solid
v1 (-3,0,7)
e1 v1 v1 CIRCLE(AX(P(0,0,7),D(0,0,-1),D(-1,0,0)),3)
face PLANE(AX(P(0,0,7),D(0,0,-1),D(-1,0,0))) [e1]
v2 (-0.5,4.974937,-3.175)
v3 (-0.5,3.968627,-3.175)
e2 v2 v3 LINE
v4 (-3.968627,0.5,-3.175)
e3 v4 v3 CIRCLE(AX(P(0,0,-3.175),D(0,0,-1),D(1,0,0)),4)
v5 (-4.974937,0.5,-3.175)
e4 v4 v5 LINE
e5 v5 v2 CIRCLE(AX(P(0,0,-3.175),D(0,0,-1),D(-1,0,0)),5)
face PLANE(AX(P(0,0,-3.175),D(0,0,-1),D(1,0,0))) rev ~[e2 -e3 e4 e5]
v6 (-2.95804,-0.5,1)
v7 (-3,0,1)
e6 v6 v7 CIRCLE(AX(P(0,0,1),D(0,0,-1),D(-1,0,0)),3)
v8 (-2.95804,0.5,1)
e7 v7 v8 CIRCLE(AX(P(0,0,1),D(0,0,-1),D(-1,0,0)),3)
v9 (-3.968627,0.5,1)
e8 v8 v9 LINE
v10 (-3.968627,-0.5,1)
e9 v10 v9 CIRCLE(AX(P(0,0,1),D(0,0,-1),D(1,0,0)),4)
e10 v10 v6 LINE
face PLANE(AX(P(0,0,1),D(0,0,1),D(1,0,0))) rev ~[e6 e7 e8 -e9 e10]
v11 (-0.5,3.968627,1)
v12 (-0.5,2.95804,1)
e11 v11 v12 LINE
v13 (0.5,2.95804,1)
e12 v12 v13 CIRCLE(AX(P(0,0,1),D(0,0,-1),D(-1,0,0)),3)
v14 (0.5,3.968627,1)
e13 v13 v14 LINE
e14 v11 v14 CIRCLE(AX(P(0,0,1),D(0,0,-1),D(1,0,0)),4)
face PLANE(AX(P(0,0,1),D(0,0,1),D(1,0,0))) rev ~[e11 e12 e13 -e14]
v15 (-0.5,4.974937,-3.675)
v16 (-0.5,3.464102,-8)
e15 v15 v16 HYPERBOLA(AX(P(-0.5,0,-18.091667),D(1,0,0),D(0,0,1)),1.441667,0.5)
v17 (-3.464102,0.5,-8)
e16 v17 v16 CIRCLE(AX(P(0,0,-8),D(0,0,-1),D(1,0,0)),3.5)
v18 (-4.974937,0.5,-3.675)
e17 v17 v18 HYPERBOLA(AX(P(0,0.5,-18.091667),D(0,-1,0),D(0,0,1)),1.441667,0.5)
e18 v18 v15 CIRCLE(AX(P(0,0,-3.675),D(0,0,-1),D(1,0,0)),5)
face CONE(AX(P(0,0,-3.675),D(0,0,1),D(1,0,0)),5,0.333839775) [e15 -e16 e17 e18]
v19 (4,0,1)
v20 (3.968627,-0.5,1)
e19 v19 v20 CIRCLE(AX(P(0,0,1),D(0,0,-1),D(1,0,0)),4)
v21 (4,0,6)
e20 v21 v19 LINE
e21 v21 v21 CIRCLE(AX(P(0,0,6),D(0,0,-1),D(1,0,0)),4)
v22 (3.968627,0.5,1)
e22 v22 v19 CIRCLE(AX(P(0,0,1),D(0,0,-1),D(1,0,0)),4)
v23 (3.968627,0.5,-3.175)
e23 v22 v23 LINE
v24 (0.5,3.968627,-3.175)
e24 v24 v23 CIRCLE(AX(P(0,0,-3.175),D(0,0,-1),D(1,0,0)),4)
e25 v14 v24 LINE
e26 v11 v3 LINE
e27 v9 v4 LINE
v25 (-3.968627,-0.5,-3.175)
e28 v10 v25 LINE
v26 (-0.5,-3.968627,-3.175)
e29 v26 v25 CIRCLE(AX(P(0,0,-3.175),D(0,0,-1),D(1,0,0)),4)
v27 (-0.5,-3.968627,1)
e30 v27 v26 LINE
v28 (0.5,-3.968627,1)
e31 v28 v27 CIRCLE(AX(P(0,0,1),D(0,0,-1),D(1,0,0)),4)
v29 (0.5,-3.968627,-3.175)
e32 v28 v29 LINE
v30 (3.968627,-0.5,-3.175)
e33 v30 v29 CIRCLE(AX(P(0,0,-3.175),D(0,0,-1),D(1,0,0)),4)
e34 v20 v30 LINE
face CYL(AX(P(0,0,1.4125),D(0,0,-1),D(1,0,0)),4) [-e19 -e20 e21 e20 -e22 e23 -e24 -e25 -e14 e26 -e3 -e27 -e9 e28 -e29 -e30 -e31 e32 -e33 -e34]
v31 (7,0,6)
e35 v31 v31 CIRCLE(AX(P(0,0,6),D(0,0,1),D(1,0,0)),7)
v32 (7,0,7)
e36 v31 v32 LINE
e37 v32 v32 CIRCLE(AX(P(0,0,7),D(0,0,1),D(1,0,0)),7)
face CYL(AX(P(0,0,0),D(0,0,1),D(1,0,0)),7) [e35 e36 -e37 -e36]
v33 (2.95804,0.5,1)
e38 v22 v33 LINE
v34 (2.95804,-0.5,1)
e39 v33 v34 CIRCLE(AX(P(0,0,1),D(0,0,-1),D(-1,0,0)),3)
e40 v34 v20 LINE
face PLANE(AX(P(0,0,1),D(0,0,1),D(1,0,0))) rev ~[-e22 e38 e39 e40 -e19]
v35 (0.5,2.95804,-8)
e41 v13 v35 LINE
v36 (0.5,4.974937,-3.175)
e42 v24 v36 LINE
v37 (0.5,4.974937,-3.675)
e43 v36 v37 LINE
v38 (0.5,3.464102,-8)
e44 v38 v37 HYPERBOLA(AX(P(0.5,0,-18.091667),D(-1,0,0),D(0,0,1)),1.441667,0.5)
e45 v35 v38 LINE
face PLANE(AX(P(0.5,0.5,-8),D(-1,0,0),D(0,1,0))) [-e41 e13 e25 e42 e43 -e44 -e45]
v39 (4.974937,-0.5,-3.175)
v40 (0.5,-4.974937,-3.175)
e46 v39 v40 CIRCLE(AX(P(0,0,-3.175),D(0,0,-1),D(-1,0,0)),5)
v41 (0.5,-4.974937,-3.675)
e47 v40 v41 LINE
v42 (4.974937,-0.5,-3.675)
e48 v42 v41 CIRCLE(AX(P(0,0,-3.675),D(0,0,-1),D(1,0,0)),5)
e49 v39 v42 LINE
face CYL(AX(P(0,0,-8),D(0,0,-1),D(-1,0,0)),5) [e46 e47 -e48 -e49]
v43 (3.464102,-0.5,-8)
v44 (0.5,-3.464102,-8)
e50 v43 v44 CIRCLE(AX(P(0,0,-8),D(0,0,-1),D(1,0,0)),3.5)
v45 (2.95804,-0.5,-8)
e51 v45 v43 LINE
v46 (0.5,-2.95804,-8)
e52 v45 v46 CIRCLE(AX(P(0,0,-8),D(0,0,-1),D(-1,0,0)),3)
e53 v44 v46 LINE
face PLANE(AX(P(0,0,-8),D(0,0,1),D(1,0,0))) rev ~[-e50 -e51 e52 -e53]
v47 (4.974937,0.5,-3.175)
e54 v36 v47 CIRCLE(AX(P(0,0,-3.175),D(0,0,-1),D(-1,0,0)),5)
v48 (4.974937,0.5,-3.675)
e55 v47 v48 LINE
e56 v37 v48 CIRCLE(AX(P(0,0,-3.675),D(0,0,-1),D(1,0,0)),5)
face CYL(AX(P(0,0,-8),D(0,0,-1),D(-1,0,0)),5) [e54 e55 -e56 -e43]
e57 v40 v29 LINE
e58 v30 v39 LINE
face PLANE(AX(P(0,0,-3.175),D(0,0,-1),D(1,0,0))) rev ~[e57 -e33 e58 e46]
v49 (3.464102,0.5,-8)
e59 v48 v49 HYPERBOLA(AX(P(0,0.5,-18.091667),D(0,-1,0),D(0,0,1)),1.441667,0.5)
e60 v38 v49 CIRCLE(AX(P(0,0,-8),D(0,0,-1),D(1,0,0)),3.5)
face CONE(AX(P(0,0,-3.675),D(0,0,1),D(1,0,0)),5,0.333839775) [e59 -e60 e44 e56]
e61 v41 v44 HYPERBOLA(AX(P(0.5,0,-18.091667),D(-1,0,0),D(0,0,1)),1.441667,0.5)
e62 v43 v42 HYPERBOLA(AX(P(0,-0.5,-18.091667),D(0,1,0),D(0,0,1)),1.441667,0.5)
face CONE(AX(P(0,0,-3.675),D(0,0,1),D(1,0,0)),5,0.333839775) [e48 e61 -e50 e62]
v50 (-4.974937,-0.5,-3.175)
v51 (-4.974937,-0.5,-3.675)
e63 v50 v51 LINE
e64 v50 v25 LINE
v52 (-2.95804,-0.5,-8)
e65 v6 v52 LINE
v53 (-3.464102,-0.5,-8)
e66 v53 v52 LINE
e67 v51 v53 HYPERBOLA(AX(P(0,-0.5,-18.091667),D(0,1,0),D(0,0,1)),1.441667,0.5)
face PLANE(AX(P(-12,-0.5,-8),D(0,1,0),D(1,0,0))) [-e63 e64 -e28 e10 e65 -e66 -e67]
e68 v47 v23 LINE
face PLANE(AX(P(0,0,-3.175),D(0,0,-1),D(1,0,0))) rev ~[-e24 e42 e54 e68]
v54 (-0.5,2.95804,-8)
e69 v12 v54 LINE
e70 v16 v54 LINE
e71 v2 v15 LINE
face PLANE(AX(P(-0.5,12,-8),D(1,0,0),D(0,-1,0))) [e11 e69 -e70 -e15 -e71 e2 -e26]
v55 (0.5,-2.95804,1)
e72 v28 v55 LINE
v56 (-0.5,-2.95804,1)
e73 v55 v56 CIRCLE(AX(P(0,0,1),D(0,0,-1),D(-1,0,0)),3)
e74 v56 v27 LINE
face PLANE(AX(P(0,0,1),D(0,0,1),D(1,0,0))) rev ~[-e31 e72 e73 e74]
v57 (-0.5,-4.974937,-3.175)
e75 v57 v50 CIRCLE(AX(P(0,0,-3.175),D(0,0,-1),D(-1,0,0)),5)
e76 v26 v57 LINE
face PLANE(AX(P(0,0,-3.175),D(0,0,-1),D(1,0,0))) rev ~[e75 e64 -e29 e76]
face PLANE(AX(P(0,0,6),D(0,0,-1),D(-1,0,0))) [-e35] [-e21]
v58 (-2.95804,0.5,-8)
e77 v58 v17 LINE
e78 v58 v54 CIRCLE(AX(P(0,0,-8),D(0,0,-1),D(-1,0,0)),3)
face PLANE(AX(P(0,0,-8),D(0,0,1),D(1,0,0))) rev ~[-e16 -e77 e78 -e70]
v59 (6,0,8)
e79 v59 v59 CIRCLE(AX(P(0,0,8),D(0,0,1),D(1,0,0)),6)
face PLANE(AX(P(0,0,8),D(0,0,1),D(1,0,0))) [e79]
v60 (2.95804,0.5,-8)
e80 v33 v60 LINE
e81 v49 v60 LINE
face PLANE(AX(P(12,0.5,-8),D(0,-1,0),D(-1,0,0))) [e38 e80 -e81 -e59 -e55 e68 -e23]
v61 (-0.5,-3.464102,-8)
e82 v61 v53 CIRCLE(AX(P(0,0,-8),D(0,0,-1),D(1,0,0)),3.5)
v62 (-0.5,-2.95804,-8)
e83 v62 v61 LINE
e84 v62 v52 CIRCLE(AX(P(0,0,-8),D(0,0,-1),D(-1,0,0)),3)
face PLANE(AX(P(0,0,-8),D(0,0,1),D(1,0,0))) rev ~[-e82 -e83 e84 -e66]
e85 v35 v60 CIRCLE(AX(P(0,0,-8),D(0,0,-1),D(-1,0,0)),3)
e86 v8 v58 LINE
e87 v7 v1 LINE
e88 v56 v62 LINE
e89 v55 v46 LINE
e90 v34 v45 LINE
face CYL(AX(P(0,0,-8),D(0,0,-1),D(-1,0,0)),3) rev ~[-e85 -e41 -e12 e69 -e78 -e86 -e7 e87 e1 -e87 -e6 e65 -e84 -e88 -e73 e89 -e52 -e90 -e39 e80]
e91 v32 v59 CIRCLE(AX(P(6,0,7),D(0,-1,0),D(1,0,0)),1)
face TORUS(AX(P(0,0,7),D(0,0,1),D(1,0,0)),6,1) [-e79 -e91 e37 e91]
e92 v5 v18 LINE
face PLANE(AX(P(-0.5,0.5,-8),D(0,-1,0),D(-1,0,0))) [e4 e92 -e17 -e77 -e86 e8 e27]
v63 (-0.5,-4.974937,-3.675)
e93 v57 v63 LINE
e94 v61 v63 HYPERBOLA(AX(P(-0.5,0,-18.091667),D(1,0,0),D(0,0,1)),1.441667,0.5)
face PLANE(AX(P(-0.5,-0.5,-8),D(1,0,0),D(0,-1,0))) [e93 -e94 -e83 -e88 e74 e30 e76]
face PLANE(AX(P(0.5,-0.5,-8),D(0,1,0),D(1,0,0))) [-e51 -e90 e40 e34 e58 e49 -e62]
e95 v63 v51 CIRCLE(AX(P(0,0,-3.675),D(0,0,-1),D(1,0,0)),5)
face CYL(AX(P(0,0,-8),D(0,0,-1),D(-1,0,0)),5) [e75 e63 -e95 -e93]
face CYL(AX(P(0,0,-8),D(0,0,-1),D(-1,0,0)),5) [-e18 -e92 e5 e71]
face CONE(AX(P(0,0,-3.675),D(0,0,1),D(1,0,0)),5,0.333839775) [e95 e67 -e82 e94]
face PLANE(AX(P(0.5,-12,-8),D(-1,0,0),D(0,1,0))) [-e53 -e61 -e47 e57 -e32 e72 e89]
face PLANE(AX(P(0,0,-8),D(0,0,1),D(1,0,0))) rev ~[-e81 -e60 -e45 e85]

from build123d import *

# Parameters (mm, degrees)
SKETCH1_R           = 7
BOSS_EXTRUDE1_DEPTH = 8
SKETCH2_OUTSIDE_W   = 21.092
SKETCH2_OUTSIDE_H   = 21.092
SKETCH2_OUTSIDE_R   = 5
CUT_EXTRUDE1_DEPTH  = 14
SKETCH3_W           = 9
SKETCH3_H           = 9.175
SKETCH4_R           = 3
CUT_EXTRUDE2_DEPTH  = 15
CUT_EXTRUDE3_DEPTH  = 9
FILLET1_R           = 1


with BuildPart() as part:
    # Sketch1 → Boss-Extrude1 (new, symmetric)
    with BuildSketch(Plane.XY):
        Circle(SKETCH1_R)
    extrude(amount=BOSS_EXTRUDE1_DEPTH, both=True)

    # Sketch2 outside → Cut-Extrude1 (cut)
    with BuildSketch(Plane(origin=(0, 0, -8), x_dir=(-1, 0, 0), z_dir=(0, 0, -1))):
        Rectangle(SKETCH2_OUTSIDE_W, SKETCH2_OUTSIDE_H)
        Circle(SKETCH2_OUTSIDE_R, mode=Mode.SUBTRACT)
    extrude(amount=-CUT_EXTRUDE1_DEPTH, mode=Mode.SUBTRACT)

    # Sketch3 → Cut-Revolve1 (revolve, cut)
    with BuildSketch(Plane(origin=(0, 0, 0), x_dir=(1, 0, 0), z_dir=(0, 1, 0)), mode=Mode.PRIVATE) as cut_revolve1_sk:
        Polygon((-5, 3.675), (-3.5, 8), (-5, 8), align=None)
        with Locations((-8.5, -1.4125)):
            Rectangle(SKETCH3_W, SKETCH3_H)
    revolve(cut_revolve1_sk.sketch.rotate(Axis((0, 0, 6), (0, 0, -1)), 180), axis=Axis((0, 0, 6), (0, 0, -1)), mode=Mode.SUBTRACT)

    # Sketch4 → Cut-Extrude2 (cut)
    with BuildSketch(Plane(origin=(0, 0, -8), x_dir=(-1, 0, 0), z_dir=(0, 0, -1))):
        Circle(SKETCH4_R)
    extrude(amount=-CUT_EXTRUDE2_DEPTH, mode=Mode.SUBTRACT)

    # Sketch5 → Cut-Extrude3 (cut)
    with BuildSketch(Plane(origin=(0, 0, -8), x_dir=(-1, 0, 0), z_dir=(0, 0, -1))):
        Polygon((-0.5, 12), (0.5, 12), (0.5, 0.5), (12, 0.5), (12, -0.5), (0.5, -0.5), (0.5, -12), (-0.5, -12), (-0.5, -0.5), (-12, -0.5), (-12, 0.5), (-0.5, 0.5), align=None)
    extrude(amount=-CUT_EXTRUDE3_DEPTH, mode=Mode.SUBTRACT)

    # Fillet1
    fillet1_edges = [part.edges().sort_by_distance(p)[0] for p in [
        (-7, 0, 8),
    ]]
    fillet(fillet1_edges, radius=FILLET1_R)


solid = part.part
